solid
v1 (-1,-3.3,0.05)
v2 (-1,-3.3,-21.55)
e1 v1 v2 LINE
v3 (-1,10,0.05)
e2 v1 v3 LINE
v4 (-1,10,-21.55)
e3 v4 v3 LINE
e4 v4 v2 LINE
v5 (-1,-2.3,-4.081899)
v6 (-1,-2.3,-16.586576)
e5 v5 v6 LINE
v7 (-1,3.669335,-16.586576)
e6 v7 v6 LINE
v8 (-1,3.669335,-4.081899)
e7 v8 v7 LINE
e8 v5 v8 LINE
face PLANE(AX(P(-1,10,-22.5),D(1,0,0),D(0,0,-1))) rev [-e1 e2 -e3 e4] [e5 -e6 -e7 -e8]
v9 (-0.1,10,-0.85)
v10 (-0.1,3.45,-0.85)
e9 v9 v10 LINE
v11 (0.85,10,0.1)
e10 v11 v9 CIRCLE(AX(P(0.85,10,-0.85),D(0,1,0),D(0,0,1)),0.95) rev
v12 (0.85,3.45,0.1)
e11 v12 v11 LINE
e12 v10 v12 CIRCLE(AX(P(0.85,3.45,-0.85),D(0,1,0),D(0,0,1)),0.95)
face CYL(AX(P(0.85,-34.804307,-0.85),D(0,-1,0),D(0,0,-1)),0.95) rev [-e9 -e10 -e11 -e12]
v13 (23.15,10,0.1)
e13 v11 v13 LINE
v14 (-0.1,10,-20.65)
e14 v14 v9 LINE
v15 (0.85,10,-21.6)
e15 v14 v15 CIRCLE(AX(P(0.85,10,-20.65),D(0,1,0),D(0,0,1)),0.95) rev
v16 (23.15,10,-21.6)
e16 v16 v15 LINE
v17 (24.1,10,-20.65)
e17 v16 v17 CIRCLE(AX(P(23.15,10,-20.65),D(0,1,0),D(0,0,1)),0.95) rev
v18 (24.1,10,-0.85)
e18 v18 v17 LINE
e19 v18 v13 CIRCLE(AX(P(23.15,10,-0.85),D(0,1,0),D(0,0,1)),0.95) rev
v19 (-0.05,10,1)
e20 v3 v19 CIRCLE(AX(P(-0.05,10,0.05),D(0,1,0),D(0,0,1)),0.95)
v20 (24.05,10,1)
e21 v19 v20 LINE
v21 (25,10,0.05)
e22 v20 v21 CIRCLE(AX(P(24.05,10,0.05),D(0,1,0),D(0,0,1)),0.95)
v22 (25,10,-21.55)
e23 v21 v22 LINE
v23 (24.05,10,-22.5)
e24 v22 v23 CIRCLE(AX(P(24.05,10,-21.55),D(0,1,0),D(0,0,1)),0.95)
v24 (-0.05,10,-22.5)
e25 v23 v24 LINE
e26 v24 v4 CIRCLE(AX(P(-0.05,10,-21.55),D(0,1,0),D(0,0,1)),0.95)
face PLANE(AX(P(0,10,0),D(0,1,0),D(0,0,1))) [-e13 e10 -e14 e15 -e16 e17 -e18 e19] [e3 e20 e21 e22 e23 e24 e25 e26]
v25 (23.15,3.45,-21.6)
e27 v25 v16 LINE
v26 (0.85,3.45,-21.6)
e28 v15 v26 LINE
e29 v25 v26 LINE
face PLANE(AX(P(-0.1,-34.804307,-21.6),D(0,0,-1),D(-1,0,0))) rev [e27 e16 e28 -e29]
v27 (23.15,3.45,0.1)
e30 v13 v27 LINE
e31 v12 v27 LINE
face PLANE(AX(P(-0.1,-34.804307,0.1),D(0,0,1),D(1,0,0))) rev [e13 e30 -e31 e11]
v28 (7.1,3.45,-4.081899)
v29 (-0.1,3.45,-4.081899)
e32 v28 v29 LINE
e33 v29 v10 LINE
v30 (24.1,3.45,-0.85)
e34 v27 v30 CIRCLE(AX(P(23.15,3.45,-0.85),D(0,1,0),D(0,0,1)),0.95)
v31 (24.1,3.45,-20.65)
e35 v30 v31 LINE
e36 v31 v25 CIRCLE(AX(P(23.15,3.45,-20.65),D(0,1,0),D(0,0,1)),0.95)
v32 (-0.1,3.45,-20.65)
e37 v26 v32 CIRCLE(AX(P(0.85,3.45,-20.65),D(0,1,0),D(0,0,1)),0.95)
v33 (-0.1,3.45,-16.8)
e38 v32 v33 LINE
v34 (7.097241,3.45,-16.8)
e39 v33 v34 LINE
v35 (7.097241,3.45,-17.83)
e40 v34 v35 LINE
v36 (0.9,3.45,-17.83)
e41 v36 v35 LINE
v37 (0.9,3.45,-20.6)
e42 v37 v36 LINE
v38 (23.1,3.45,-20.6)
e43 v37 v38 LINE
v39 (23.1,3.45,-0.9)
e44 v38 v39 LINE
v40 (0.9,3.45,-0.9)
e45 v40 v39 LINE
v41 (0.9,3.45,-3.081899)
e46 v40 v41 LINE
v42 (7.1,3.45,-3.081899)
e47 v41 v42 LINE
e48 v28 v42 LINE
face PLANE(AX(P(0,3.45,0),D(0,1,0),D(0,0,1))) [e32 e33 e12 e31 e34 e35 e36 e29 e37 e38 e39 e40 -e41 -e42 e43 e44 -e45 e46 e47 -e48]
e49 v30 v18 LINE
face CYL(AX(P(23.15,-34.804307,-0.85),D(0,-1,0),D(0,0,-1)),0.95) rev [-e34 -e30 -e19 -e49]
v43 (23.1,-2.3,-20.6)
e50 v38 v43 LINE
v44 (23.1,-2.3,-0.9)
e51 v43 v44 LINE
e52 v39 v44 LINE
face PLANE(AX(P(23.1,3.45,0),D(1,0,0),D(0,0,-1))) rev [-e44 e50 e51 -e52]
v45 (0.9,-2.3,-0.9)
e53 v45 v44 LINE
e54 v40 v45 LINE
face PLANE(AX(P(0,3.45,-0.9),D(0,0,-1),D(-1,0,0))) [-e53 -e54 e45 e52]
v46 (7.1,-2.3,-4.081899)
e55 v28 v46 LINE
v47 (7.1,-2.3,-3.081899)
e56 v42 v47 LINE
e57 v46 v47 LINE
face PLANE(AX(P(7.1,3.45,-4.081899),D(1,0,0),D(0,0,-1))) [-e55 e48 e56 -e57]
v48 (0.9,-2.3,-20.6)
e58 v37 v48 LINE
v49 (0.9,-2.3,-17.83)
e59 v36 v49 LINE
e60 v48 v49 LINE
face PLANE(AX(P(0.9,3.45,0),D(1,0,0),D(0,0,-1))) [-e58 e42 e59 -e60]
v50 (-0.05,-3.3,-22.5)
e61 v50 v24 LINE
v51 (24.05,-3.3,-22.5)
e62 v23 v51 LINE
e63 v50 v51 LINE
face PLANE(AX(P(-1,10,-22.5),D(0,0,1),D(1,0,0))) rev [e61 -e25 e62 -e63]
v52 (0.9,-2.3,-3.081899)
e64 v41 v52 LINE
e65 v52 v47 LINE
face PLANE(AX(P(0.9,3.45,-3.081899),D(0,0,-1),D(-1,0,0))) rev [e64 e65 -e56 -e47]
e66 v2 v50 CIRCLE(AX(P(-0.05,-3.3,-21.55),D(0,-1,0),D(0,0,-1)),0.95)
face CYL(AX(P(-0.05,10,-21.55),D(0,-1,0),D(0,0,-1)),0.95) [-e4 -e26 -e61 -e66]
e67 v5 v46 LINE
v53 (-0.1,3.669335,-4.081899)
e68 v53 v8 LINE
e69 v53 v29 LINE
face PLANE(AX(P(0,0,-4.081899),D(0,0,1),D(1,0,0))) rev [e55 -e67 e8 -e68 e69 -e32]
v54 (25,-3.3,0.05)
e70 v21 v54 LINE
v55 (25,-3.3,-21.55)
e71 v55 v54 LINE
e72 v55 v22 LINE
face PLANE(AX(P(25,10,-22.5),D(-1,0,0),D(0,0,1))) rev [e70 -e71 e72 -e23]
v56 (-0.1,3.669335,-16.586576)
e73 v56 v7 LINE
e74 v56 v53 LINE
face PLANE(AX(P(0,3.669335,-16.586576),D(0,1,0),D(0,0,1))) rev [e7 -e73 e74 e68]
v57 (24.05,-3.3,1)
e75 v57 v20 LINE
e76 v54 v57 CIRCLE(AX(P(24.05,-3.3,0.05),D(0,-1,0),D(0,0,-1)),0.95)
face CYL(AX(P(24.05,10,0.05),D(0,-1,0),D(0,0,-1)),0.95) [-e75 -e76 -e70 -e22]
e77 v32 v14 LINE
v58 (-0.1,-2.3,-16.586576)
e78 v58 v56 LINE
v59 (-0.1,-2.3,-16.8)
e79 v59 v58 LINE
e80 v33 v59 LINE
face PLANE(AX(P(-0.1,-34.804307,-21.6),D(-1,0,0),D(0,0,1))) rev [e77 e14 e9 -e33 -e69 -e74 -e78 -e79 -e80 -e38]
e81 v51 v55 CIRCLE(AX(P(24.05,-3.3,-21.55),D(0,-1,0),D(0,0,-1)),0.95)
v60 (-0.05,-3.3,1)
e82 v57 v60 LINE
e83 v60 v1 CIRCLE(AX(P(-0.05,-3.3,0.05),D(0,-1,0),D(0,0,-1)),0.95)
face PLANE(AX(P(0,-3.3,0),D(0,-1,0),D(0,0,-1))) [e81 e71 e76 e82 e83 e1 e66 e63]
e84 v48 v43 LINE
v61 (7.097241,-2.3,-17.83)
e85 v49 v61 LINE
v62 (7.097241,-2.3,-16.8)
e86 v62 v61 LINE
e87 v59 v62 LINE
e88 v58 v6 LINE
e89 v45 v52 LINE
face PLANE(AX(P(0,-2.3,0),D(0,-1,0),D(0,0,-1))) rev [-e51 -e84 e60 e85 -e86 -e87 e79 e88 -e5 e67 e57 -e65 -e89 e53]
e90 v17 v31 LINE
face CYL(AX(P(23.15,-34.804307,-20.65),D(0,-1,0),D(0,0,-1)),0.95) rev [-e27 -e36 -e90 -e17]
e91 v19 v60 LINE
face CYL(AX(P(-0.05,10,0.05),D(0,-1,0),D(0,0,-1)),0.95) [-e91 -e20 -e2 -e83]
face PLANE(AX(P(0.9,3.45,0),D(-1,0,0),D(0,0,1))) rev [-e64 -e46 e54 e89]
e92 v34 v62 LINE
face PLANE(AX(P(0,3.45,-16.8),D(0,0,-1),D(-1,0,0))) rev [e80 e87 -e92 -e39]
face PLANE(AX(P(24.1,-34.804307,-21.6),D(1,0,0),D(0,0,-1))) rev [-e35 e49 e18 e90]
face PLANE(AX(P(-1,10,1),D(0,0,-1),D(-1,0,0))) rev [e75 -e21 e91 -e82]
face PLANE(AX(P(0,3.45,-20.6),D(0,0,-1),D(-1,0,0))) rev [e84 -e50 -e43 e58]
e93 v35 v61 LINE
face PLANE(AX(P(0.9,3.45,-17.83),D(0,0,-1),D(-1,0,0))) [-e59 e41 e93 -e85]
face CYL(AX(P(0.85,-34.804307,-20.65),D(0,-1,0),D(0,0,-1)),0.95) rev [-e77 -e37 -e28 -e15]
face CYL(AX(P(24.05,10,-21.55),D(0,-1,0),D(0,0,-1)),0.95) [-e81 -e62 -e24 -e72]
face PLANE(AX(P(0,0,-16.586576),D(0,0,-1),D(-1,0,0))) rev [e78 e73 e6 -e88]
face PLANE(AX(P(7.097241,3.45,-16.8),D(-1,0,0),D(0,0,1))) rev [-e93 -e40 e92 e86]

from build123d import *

# Parameters (mm, degrees)
SKETCH_1_W          = 26
SKETCH_1_H          = 23.5
SKETCH_1_W_2        = 24
SKETCH_1_H_2        = 21.5
EXTRUDE_1_DEPTH     = 10
SKETCH_2_W          = 12.504676962
SKETCH_2_H          = 3.66933463
CUT_EXTRUDE_1_DEPTH = 1
EXTRUDE_2_DEPTH     = 2.3
SKETCH_5_W          = 26
SKETCH_5_H          = 23.5
EXTRUDE_3_DEPTH     = 1
CUT_EXTRUDE_2_REACH = 38.168
SKETCH_6_W          = 24.2
SKETCH_6_H          = 21.7
SKETCH_6_W_2        = 24
SKETCH_6_H_2        = 21.5
SKETCH_7_W          = 22.2
SKETCH_7_H          = 1
SKETCH_7_W_2        = 1
SKETCH_7_H_2        = 19.7
SKETCH_7_W_3        = 6.19724131
SKETCH_7_H_3        = 1.03
SKETCH_7_W_4        = 6.2
EXTRUDE_4_DEPTH     = 5.75
FILLET_1_R          = 0.95


with BuildPart() as part:
    # 草图1 → 凸台-拉伸1 (new body)
    with BuildSketch(Plane(origin=(0, 0, 0), x_dir=(1, 0, 0), z_dir=(0, 1, 0))):
        with Locations((12, 10.75)):
            Rectangle(SKETCH_1_W, SKETCH_1_H)
        with Locations((12, 10.75)):
            Rectangle(SKETCH_1_W_2, SKETCH_1_H_2, mode=Mode.SUBTRACT)
    extrude(amount=EXTRUDE_1_DEPTH)

    # 草图2 → 切除-拉伸1 (cut)
    with BuildSketch(Plane.ZY.offset(1)):
        with Locations((-10.334237592, 1.834667315)):
            Rectangle(SKETCH_2_W, SKETCH_2_H)
    extrude(amount=-CUT_EXTRUDE_1_DEPTH, mode=Mode.SUBTRACT)

    # 草图3 → 凸台-拉伸2 (add)
    with BuildSketch(Plane.XZ):
        Polygon((-1, -4.081899111), (-1, 1), (25, 1), (25, -22.5), (-1, -22.5), (-1, -16.586576073), (0, -16.586576073), (0, -21.5), (24, -21.5), (24, 0), (0, 0), (0, -4.081899111), align=None)
    extrude(amount=EXTRUDE_2_DEPTH)

    # 草图5 → 凸台-拉伸3 (add)
    with BuildSketch(Plane.XZ.offset(2.3)):
        with Locations((12, -10.75)):
            Rectangle(SKETCH_5_W, SKETCH_5_H)
    extrude(amount=EXTRUDE_3_DEPTH)

    # 切除-拉伸2: up to this face of the body (flat: up to its plane)
    cut_extrude_2_end = Plane(part.part.faces().sort_by_distance((11.704243938, -2.3, -10.74016286))[0])
    # 草图6 → 切除-拉伸2 (cut, up to the picked face)
    with BuildSketch(Plane(origin=(0, 10, 0), x_dir=(1, 0, 0), z_dir=(0, 1, 0)), mode=Mode.PRIVATE) as cut_extrude_2_sk1:
        with Locations((12, 10.75)):
            Rectangle(SKETCH_6_W, SKETCH_6_H)
        with Locations((12, 10.75)):
            Rectangle(SKETCH_6_W_2, SKETCH_6_H_2, mode=Mode.SUBTRACT)
    cut_extrude_2_tool1 = split(extrude(cut_extrude_2_sk1.sketch, amount=-CUT_EXTRUDE_2_REACH, mode=Mode.PRIVATE), bisect_by=cut_extrude_2_end, keep=Keep.BOTH, mode=Mode.PRIVATE)
    add(cut_extrude_2_tool1.solids().sort_by(Axis((12, 10, -21.567496), (0, -1, 0)))[0], mode=Mode.SUBTRACT)

    # 草图7 → 凸台-拉伸4 (add)
    with BuildSketch(Plane(origin=(0, -2.3, 0), x_dir=(1, 0, 0), z_dir=(0, 1, 0))):
        with Locations((12, 21.1)):
            Rectangle(SKETCH_7_W, SKETCH_7_H)
        with Locations((0.4, 21.1)):
            Rectangle(SKETCH_7_W_2, SKETCH_7_H)
        Polygon((0.9, 20.6), (-0.1, 20.6), (-0.1, 16.8), (0.9, 16.8), (0.9, 17.83), align=None)
        with Locations((23.6, 21.1)):
            Rectangle(SKETCH_7_W_2, SKETCH_7_H)
        with Locations((23.6, 10.75)):
            Rectangle(SKETCH_7_W_2, SKETCH_7_H_2)
        with Locations((12, 0.4)):
            Rectangle(SKETCH_7_W, SKETCH_7_H)
        with Locations((23.6, 0.4)):
            Rectangle(SKETCH_7_W_2, SKETCH_7_H)
        with Locations((0.4, 0.4)):
            Rectangle(SKETCH_7_W_2, SKETCH_7_H)
        Polygon((-0.1, 0.9), (0.9, 0.9), (0.9, 3.081899111), (0.9, 4.081899111), (-0.1, 4.081899111), align=None)
        with Locations((3.998620655, 17.315)):
            Rectangle(SKETCH_7_W_3, SKETCH_7_H_3)
        with Locations((4, 3.581899111)):
            Rectangle(SKETCH_7_W_4, SKETCH_7_H)
    extrude(amount=EXTRUDE_4_DEPTH)

    # 圆角1
    fillet_1_edges = [part.edges().sort_by_distance(p)[0] for p in [
        (-0.1, 6.725, 0.1),
        (24.1, 6.725, 0.1),
        (24.1, 6.725, -21.6),
        (-0.1, 6.725, -21.6),
        (-1, 3.35, -22.5),
        (25, 3.35, -22.5),
        (25, 3.35, 1),
        (-1, 3.35, 1),
    ]]
    fillet(fillet_1_edges, radius=FILLET_1_R)


solid = part.part
